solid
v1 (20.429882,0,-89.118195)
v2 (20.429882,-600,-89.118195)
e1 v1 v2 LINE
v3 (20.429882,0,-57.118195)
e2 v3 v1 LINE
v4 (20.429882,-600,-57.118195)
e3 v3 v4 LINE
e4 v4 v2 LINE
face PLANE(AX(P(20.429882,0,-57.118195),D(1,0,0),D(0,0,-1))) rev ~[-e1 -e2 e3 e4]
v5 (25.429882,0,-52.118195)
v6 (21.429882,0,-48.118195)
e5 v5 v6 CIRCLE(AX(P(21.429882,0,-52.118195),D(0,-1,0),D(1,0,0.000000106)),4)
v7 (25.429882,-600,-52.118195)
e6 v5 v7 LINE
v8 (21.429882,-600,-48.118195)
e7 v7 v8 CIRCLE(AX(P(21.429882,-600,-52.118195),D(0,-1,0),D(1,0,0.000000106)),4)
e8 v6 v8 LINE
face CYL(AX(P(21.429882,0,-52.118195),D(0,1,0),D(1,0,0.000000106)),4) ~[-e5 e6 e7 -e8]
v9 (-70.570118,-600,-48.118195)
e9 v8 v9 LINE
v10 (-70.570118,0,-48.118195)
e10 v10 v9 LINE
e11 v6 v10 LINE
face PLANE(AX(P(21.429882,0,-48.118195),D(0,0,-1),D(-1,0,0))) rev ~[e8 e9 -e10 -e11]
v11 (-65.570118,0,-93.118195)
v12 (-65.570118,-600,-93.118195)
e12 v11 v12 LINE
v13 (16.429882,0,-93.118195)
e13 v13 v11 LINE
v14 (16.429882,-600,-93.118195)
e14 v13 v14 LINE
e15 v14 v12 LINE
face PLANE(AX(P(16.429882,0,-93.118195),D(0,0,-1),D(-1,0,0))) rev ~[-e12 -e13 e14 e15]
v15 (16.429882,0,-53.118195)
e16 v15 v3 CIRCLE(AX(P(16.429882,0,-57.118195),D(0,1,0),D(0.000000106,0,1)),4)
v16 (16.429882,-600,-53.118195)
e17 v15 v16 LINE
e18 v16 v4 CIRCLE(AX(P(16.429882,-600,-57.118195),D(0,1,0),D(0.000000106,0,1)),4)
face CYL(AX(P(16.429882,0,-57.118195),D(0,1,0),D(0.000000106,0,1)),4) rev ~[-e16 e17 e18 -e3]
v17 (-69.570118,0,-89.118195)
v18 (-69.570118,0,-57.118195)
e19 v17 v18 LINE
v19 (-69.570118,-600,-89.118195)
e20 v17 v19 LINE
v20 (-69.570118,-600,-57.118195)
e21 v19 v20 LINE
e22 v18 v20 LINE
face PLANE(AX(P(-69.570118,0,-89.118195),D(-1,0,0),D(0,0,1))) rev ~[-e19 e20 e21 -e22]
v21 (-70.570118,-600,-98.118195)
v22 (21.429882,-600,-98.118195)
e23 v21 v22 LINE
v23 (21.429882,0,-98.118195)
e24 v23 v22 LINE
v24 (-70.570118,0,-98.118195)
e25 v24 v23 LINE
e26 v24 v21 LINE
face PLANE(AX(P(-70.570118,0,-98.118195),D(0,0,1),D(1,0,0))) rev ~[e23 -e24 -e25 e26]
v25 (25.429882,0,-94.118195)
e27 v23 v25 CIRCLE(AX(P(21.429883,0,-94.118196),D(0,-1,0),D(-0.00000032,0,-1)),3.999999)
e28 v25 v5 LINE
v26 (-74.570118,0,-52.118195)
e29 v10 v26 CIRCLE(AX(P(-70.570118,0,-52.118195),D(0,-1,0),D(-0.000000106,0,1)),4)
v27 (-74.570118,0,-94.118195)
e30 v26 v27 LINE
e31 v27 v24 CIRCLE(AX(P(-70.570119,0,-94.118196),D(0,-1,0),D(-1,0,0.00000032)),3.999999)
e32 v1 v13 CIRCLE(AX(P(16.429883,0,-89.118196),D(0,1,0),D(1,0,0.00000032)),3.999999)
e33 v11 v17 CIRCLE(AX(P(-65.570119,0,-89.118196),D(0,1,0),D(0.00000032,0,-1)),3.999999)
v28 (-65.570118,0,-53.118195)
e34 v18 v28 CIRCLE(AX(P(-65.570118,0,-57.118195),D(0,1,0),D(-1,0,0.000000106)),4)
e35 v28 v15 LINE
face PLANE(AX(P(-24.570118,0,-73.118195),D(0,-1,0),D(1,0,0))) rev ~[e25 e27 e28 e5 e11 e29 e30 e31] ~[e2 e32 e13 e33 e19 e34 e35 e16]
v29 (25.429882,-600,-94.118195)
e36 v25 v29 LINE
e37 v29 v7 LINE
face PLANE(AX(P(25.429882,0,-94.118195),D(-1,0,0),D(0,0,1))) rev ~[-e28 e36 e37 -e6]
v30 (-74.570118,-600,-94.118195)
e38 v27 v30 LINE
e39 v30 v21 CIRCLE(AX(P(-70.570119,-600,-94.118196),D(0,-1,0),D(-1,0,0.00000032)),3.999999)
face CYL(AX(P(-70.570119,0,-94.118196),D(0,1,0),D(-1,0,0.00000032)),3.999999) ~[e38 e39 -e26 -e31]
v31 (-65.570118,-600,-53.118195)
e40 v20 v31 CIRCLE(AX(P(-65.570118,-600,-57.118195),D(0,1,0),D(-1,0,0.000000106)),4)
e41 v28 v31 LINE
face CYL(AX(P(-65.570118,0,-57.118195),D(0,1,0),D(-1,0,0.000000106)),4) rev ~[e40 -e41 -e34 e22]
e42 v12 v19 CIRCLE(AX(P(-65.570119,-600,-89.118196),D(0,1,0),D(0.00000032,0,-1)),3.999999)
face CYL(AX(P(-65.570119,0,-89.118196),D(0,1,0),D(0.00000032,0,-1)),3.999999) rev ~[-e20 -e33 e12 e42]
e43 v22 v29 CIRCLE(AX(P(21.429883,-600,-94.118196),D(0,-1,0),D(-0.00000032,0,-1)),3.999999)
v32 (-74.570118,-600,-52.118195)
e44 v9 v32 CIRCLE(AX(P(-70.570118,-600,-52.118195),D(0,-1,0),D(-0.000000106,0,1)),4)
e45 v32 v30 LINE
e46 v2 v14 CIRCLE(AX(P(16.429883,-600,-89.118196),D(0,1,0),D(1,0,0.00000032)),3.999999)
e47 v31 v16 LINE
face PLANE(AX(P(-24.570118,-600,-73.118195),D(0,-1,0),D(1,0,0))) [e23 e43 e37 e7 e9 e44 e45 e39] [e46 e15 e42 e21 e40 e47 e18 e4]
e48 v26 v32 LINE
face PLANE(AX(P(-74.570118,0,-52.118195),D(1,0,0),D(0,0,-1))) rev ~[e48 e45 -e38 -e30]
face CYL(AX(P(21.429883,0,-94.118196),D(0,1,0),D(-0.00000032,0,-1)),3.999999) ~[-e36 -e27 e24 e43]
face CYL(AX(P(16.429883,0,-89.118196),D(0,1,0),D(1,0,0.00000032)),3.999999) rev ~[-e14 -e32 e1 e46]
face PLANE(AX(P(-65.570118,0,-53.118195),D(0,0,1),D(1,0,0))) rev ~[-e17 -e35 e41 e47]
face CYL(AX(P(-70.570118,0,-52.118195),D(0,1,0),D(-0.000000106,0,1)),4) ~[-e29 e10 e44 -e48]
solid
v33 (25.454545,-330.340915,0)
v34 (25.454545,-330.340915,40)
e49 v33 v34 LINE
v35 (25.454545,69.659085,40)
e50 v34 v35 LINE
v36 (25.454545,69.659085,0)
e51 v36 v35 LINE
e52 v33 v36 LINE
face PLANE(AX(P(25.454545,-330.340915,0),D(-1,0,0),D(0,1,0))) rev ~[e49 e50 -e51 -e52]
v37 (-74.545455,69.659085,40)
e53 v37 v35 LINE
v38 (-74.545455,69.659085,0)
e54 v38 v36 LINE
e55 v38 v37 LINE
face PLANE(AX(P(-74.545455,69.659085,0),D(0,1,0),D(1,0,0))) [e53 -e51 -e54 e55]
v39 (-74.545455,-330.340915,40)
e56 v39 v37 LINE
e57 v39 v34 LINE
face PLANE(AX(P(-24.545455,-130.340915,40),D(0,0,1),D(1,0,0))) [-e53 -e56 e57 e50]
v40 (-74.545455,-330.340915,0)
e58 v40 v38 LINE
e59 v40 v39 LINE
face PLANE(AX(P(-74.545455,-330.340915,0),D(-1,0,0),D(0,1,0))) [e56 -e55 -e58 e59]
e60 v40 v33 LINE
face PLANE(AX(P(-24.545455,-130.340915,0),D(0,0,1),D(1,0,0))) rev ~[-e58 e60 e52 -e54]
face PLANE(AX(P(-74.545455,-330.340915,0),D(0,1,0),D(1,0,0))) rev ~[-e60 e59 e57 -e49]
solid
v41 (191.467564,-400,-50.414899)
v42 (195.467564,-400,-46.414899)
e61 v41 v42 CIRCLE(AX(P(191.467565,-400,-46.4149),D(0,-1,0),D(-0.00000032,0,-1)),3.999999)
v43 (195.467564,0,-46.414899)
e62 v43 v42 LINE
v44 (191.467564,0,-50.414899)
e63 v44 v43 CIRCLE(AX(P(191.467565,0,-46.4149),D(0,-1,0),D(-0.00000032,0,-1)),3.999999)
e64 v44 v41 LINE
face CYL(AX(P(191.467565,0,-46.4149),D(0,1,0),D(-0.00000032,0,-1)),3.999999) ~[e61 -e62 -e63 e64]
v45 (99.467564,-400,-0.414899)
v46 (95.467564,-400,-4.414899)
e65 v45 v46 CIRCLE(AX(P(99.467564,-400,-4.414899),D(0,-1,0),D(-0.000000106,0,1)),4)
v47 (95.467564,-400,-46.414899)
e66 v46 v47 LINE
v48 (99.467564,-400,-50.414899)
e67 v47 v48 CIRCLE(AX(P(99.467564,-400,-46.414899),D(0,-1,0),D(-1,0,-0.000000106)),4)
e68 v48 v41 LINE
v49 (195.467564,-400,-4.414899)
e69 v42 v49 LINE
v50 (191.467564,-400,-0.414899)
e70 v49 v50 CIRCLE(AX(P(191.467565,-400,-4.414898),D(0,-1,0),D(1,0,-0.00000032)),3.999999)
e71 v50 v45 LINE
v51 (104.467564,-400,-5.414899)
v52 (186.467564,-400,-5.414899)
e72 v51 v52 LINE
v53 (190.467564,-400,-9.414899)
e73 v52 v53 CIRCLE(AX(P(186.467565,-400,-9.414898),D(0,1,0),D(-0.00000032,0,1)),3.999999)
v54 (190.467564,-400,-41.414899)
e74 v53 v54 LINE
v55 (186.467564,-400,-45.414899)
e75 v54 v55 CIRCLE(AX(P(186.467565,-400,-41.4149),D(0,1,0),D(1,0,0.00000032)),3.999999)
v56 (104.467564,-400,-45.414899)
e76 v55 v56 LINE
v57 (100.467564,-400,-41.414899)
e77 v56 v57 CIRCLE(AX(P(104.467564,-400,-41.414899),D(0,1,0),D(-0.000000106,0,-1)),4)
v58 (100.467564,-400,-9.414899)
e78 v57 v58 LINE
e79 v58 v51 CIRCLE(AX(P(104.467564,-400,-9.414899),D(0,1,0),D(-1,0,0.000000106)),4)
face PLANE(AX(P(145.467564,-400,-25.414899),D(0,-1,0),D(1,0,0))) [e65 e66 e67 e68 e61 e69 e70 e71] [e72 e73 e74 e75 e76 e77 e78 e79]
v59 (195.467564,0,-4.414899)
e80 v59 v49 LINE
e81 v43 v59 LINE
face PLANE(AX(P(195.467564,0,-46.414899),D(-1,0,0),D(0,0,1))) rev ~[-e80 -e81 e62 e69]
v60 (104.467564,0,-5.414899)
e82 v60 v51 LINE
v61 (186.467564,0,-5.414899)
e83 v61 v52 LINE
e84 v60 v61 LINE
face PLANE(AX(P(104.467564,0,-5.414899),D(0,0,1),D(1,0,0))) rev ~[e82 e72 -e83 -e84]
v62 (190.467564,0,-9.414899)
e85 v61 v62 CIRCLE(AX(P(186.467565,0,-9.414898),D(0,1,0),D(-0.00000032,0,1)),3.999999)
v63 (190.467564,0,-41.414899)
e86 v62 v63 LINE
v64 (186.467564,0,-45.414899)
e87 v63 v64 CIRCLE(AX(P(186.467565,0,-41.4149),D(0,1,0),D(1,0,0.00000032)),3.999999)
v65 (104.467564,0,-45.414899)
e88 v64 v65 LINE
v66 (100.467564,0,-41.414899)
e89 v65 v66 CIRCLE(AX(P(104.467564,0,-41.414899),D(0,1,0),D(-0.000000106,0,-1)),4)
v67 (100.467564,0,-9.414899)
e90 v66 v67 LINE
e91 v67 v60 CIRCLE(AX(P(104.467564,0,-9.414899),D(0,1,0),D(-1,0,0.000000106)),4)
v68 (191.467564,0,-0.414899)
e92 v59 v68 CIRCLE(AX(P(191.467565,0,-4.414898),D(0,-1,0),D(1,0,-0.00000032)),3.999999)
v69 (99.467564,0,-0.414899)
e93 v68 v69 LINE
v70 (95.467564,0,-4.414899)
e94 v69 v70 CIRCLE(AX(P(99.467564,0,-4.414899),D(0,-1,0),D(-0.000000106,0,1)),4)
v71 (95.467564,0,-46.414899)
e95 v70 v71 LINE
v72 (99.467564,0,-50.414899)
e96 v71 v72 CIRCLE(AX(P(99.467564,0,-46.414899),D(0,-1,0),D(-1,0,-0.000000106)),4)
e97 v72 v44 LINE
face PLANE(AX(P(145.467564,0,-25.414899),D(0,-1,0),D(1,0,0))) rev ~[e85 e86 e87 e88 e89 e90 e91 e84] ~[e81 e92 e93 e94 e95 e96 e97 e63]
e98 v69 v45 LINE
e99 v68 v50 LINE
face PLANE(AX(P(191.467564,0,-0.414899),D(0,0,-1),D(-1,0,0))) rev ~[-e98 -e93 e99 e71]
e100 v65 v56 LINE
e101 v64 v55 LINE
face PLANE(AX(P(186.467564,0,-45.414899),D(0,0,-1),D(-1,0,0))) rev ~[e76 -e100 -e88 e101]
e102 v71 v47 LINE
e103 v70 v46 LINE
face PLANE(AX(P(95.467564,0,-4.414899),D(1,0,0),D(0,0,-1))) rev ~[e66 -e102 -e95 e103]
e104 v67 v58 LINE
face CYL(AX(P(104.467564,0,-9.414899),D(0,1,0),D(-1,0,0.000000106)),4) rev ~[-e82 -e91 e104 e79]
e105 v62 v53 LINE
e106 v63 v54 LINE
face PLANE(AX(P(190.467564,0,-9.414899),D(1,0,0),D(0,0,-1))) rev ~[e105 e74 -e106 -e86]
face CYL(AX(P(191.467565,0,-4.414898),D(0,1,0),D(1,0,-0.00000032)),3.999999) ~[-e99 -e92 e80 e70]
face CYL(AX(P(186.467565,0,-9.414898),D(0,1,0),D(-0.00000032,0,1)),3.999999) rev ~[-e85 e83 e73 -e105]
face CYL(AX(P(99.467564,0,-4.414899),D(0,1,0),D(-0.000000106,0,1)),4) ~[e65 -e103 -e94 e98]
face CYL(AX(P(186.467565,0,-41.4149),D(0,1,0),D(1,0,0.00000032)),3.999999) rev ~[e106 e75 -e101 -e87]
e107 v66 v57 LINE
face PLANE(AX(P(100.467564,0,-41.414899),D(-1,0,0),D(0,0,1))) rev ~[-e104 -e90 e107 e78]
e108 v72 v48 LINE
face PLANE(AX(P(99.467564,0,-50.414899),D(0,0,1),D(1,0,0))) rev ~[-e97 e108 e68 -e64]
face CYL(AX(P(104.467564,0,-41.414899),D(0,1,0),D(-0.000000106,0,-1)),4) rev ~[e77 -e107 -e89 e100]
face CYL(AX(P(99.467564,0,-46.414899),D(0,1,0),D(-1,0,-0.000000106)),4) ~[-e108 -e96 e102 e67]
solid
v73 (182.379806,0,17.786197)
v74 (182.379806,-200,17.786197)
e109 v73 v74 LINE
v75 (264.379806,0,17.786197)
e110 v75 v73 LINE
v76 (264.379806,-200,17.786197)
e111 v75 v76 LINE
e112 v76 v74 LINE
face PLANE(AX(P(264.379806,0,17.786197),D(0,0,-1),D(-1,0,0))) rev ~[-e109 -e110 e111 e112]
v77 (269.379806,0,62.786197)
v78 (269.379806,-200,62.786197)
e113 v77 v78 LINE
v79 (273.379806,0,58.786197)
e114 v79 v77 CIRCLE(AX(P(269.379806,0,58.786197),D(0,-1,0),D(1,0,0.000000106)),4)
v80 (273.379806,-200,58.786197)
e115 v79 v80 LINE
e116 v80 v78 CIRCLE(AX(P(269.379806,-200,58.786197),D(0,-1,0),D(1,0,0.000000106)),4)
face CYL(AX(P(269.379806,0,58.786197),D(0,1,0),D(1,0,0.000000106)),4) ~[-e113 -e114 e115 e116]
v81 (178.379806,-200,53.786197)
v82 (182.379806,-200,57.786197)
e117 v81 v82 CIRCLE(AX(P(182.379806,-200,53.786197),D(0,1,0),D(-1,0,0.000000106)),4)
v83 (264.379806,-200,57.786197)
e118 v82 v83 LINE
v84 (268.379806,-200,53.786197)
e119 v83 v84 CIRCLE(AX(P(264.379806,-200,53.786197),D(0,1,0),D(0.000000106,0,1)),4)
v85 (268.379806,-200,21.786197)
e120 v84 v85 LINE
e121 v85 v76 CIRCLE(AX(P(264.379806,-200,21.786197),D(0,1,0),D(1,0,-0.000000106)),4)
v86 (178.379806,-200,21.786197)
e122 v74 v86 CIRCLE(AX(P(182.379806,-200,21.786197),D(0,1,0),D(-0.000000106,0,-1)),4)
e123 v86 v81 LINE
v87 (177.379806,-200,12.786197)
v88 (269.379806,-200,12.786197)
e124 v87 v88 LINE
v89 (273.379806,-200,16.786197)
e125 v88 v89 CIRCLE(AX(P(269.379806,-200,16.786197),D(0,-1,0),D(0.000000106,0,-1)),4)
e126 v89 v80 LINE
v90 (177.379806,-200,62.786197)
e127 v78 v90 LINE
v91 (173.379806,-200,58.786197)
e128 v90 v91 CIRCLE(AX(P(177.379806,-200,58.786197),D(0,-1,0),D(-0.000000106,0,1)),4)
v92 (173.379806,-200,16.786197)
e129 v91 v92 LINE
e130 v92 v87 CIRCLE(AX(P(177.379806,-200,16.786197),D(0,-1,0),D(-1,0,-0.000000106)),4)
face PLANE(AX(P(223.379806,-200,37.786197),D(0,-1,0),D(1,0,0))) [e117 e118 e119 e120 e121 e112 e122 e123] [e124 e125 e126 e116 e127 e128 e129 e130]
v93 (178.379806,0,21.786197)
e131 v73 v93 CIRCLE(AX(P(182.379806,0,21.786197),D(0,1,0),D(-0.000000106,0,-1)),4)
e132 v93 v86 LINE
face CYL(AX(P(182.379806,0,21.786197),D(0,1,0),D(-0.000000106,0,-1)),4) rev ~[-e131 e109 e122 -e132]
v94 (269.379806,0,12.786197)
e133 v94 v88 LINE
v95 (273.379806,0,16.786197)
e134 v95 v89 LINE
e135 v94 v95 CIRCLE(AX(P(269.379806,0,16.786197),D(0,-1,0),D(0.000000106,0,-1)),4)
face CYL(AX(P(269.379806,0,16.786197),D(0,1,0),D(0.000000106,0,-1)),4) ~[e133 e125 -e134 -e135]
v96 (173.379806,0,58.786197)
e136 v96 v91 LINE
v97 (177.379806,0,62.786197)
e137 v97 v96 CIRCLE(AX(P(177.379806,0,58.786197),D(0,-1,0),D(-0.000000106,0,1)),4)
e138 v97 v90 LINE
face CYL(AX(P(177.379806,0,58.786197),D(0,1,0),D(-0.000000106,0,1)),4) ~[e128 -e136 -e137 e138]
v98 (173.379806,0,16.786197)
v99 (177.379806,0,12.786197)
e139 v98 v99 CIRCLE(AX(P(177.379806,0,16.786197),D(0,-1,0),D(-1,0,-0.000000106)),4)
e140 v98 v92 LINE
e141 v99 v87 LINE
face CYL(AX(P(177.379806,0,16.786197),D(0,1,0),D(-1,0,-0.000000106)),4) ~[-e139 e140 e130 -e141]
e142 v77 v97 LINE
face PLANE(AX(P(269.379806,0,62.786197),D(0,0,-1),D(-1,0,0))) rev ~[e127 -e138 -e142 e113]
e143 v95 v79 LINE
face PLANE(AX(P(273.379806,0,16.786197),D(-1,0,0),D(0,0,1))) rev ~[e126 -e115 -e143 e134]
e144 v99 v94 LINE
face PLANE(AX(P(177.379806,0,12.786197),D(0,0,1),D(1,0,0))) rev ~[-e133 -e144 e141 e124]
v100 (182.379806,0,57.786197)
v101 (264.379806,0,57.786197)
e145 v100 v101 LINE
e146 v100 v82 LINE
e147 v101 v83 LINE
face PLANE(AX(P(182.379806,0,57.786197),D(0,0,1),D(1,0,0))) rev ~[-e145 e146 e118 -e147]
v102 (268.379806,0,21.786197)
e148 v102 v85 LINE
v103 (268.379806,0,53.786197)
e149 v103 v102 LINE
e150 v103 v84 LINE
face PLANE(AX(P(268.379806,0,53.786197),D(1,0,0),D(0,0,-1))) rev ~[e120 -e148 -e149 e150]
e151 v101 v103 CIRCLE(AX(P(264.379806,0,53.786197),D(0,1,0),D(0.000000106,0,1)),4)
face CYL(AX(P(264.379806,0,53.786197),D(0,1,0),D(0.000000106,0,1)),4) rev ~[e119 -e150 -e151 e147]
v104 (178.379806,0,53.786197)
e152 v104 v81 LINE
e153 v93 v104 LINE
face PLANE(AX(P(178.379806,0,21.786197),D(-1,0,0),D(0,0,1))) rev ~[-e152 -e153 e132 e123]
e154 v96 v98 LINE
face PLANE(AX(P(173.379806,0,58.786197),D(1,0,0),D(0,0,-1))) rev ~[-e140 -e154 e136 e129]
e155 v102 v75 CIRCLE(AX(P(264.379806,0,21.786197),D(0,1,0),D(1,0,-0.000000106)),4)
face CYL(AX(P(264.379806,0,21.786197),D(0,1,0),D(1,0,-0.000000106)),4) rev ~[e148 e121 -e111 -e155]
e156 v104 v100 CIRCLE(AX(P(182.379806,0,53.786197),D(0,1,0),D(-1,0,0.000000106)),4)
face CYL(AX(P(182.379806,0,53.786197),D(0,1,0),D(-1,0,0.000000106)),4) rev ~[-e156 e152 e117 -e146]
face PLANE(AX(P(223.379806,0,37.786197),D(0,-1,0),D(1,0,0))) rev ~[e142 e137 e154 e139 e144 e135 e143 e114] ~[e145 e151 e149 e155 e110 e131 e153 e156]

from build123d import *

# Parameters (mm, degrees)
F0_W     = 100
F0_H     = 400
F1_DEPTH = 40
F3_DEPTH = 600
F5_DEPTH = 400
F7_DEPTH = 200


with BuildPart() as f1:
    # F0 (on Top) → F1 (new body)
    with BuildSketch(Plane.XY):
        with Locations((-24.545455, -130.340915)):
            Rectangle(F0_W, F0_H)
    extrude(amount=F1_DEPTH)


with BuildPart() as f3:
    # F2 (on Front) → F3 (new body)
    with BuildSketch(Plane.XZ):
        with BuildLine():
            Line((21.429882, -48.118195), (-70.570118, -48.118195))
            ThreePointArc((-70.570118, -48.118195), (-73.398545, -49.289768), (-74.570118, -52.118195))
            Line((-74.570118, -52.118195), (-74.570118, -94.118195))
            ThreePointArc((-74.570118, -94.118195), (-73.398545, -96.946623), (-70.570118, -98.118195))
            Line((-70.570118, -98.118195), (21.429882, -98.118195))
            ThreePointArc((21.429882, -98.118195), (24.258309, -96.946623), (25.429882, -94.118195))
            Line((25.429882, -94.118195), (25.429882, -52.118195))
            ThreePointArc((25.429882, -52.118195), (24.258309, -49.289768), (21.429882, -48.118195))
        make_face()
        with BuildLine():
            ThreePointArc((-69.570118, -57.118195), (-68.398545, -54.289768), (-65.570118, -53.118195))
            Line((-65.570118, -53.118195), (16.429882, -53.118195))
            ThreePointArc((16.429882, -53.118195), (19.258309, -54.289768), (20.429882, -57.118195))
            Line((20.429882, -57.118195), (20.429882, -89.118195))
            ThreePointArc((20.429882, -89.118195), (19.258309, -91.946623), (16.429882, -93.118195))
            Line((16.429882, -93.118195), (-65.570118, -93.118195))
            ThreePointArc((-65.570118, -93.118195), (-68.398545, -91.946623), (-69.570118, -89.118195))
            Line((-69.570118, -89.118195), (-69.570118, -57.118195))
        make_face(mode=Mode.SUBTRACT)
    extrude(amount=F3_DEPTH)


with BuildPart() as f5:
    # F4 (on Front) → F5 (new body)
    with BuildSketch(Plane.XZ):
        with BuildLine():
            Line((191.467564, -0.414899), (99.467564, -0.414899))
            ThreePointArc((99.467564, -0.414899), (96.639137, -1.586472), (95.467564, -4.414899))
            Line((95.467564, -4.414899), (95.467564, -46.414899))
            ThreePointArc((95.467564, -46.414899), (96.639137, -49.243326), (99.467564, -50.414899))
            Line((99.467564, -50.414899), (191.467564, -50.414899))
            ThreePointArc((191.467564, -50.414899), (194.295992, -49.243326), (195.467564, -46.414899))
            Line((195.467564, -46.414899), (195.467564, -4.414899))
            ThreePointArc((195.467564, -4.414899), (194.295992, -1.586472), (191.467564, -0.414899))
        make_face()
        with BuildLine():
            ThreePointArc((100.467564, -9.414899), (101.639137, -6.586472), (104.467564, -5.414899))
            Line((104.467564, -5.414899), (186.467564, -5.414899))
            ThreePointArc((186.467564, -5.414899), (189.295992, -6.586472), (190.467564, -9.414899))
            Line((190.467564, -9.414899), (190.467564, -41.414899))
            ThreePointArc((190.467564, -41.414899), (189.295992, -44.243326), (186.467564, -45.414899))
            Line((186.467564, -45.414899), (104.467564, -45.414899))
            ThreePointArc((104.467564, -45.414899), (101.639137, -44.243326), (100.467564, -41.414899))
            Line((100.467564, -41.414899), (100.467564, -9.414899))
        make_face(mode=Mode.SUBTRACT)
    extrude(amount=F5_DEPTH)


with BuildPart() as f7:
    # F6 (on Front) → F7 (new body)
    with BuildSketch(Plane.XZ):
        with BuildLine():
            Line((269.379806, 62.786197), (177.379806, 62.786197))
            ThreePointArc((177.379806, 62.786197), (174.551379, 61.614624), (173.379806, 58.786197))
            Line((173.379806, 58.786197), (173.379806, 16.786197))
            ThreePointArc((173.379806, 16.786197), (174.551379, 13.95777), (177.379806, 12.786197))
            Line((177.379806, 12.786197), (269.379806, 12.786197))
            ThreePointArc((269.379806, 12.786197), (272.208233, 13.95777), (273.379806, 16.786197))
            Line((273.379806, 16.786197), (273.379806, 58.786197))
            ThreePointArc((273.379806, 58.786197), (272.208233, 61.614624), (269.379806, 62.786197))
        make_face()
        with BuildLine():
            ThreePointArc((178.379806, 53.786197), (179.551379, 56.614624), (182.379806, 57.786197))
            Line((182.379806, 57.786197), (264.379806, 57.786197))
            ThreePointArc((264.379806, 57.786197), (267.208233, 56.614624), (268.379806, 53.786197))
            Line((268.379806, 53.786197), (268.379806, 21.786197))
            ThreePointArc((268.379806, 21.786197), (267.208233, 18.95777), (264.379806, 17.786197))
            Line((264.379806, 17.786197), (182.379806, 17.786197))
            ThreePointArc((182.379806, 17.786197), (179.551379, 18.95777), (178.379806, 21.786197))
            Line((178.379806, 21.786197), (178.379806, 53.786197))
        make_face(mode=Mode.SUBTRACT)
    extrude(amount=F7_DEPTH)


solid = Compound([f1.part, f3.part, f5.part, f7.part])
